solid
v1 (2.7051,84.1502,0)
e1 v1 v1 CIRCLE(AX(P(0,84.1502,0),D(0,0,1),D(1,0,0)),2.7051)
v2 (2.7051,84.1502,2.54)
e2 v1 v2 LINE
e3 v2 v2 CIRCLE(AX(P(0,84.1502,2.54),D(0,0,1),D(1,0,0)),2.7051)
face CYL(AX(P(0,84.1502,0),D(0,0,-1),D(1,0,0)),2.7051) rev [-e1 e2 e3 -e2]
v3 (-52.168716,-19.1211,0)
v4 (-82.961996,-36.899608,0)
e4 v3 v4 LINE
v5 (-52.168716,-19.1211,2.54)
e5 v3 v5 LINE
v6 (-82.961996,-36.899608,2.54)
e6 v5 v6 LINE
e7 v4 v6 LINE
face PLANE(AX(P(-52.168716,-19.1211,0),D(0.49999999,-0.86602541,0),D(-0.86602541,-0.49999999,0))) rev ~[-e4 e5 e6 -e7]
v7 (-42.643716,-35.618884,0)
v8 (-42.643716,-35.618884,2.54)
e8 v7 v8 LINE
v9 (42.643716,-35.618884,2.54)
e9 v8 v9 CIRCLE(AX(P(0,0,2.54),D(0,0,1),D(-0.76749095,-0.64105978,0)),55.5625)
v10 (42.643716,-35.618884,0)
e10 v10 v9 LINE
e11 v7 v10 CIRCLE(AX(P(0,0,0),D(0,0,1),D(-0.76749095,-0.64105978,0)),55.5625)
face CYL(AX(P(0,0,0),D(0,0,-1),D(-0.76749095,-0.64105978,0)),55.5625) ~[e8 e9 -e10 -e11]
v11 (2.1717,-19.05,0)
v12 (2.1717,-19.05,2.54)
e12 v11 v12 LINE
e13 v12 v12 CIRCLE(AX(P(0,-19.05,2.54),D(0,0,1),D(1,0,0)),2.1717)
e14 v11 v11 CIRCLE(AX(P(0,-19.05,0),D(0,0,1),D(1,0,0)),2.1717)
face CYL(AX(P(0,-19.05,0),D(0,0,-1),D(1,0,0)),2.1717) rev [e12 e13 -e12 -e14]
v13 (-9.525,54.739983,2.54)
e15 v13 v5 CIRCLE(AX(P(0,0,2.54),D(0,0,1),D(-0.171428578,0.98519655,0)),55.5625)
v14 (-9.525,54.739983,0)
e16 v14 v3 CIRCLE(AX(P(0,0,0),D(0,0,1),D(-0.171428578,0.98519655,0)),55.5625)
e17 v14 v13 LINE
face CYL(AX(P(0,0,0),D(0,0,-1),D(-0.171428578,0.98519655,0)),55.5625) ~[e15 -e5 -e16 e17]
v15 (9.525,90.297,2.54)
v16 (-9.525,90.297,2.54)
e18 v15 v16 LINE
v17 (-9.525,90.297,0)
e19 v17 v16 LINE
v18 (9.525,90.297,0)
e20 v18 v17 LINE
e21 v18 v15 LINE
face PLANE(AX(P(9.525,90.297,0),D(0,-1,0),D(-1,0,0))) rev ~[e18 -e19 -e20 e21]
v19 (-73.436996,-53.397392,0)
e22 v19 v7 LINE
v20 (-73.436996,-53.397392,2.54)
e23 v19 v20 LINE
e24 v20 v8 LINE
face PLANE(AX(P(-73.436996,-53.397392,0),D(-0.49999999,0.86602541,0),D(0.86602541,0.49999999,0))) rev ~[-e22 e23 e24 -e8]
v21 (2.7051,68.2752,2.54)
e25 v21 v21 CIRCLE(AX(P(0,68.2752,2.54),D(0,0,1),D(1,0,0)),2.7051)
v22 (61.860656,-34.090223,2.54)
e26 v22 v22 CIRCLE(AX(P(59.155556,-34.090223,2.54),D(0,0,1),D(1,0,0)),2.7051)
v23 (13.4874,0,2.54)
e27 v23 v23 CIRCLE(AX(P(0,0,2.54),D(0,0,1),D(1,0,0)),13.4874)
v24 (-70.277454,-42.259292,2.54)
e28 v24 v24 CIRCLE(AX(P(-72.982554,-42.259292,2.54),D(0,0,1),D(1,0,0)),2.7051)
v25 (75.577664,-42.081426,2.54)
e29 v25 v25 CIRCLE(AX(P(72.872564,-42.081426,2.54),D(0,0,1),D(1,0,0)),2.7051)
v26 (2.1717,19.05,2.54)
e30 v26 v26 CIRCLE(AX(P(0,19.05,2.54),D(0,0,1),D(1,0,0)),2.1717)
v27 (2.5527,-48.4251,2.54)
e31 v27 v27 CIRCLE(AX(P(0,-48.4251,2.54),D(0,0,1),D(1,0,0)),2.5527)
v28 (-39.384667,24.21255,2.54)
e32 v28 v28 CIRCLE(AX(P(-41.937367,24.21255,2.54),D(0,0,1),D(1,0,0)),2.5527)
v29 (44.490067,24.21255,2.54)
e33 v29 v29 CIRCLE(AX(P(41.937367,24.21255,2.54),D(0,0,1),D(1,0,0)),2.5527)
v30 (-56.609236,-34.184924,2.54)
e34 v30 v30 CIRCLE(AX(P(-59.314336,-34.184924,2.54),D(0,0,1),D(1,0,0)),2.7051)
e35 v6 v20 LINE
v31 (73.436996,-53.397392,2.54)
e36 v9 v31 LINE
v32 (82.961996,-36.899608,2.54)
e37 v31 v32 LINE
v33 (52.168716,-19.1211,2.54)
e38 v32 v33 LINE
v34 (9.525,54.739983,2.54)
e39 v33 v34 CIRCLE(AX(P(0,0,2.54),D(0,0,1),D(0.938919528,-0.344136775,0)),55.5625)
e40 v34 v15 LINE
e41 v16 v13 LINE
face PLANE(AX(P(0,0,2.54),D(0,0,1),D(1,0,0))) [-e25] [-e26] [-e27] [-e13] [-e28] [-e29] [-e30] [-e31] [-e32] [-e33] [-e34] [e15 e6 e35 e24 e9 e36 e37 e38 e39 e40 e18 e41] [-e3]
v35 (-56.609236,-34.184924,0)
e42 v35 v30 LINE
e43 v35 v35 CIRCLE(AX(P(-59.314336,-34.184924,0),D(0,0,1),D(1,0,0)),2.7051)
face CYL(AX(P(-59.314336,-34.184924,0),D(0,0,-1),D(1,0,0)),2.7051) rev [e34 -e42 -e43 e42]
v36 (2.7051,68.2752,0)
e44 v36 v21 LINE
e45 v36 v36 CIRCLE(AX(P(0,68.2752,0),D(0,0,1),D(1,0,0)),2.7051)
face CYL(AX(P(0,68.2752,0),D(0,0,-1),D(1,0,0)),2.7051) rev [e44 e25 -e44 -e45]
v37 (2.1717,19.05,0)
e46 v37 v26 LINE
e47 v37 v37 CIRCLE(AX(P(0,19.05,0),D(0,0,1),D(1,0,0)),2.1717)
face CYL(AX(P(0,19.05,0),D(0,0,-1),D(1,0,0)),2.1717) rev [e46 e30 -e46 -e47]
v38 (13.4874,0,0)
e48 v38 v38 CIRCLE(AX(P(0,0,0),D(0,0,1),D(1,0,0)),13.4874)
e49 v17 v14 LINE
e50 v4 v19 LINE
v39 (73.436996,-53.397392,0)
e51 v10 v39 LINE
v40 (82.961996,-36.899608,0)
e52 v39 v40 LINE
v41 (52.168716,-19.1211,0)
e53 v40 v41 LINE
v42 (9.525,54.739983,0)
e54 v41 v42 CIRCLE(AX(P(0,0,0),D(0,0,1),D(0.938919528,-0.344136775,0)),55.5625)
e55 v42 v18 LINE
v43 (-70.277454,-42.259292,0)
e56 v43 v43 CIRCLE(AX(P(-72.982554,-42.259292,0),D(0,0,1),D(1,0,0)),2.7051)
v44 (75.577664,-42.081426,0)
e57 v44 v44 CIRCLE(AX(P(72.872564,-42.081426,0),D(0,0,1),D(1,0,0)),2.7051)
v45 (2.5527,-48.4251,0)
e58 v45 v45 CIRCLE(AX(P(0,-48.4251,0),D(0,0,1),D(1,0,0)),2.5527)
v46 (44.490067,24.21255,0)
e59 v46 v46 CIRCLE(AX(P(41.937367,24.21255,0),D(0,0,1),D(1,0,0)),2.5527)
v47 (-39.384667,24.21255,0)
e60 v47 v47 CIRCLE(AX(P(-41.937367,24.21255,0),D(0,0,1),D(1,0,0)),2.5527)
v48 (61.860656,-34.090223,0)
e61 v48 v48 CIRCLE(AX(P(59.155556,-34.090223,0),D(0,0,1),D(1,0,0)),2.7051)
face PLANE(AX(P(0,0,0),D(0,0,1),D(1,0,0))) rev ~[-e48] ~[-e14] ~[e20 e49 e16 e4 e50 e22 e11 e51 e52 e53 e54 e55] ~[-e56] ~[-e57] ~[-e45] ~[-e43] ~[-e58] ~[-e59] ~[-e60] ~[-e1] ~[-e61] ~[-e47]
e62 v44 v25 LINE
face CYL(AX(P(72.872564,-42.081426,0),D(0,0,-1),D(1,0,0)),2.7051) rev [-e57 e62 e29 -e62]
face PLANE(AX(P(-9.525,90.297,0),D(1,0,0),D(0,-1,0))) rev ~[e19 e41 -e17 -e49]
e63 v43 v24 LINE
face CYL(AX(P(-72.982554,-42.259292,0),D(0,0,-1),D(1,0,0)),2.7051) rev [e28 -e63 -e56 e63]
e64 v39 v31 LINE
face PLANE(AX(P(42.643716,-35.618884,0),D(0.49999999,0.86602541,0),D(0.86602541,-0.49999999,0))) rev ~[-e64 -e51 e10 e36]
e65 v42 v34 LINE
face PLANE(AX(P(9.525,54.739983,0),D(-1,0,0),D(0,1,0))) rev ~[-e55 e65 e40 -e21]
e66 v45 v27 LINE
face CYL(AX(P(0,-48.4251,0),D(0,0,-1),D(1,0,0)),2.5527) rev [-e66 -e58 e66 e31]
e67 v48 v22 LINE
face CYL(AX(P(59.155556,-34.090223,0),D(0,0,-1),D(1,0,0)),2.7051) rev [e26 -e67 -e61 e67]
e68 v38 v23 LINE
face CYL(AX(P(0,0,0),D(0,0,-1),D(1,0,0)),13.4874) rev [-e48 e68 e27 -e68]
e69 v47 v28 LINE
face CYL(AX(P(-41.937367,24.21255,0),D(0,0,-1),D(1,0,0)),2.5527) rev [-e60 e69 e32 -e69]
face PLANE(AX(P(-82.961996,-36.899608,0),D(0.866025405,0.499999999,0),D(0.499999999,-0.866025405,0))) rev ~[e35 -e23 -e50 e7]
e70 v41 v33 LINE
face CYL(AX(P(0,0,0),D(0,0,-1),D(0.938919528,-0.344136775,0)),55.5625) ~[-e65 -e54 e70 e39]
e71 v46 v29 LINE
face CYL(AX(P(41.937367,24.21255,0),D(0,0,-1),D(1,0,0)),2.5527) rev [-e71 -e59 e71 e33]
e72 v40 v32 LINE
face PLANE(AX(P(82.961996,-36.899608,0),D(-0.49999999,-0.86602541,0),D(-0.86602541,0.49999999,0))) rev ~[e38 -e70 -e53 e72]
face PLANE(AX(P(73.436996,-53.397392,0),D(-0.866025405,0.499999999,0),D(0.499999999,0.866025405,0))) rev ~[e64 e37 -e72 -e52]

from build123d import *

# Parameters (mm, degrees)
F0_R     = 13.4874
F1_DEPTH = 2.54
F2_R     = 2.7051
F3_R     = 2.5527
F3_R_2   = 2.1717
F4_DEPTH = 2.54


with BuildPart() as f1:
    # F0 (on Top) → F1 (new body)
    with BuildSketch(Plane.XY):
        with BuildLine():
            Line((-9.525, 90.297), (-9.525, 54.739983))
            ThreePointArc((-9.525, 54.739983), (-48.118536, 27.78125), (-52.168716, -19.1211))
            Line((-52.168716, -19.1211), (-82.961996, -36.899608))
            Line((-82.961996, -36.899608), (-73.436996, -53.397392))
            Line((-73.436996, -53.397392), (-42.643716, -35.618884))
            ThreePointArc((-42.643716, -35.618884), (0, -55.5625), (42.643716, -35.618884))
            Line((42.643716, -35.618884), (73.436996, -53.397392))
            Line((73.436996, -53.397392), (82.961996, -36.899608))
            Line((82.961996, -36.899608), (52.168716, -19.1211))
            ThreePointArc((52.168716, -19.1211), (48.118536, 27.78125), (9.525, 54.739983))
            Line((9.525, 54.739983), (9.525, 90.297))
            Line((9.525, 90.297), (-9.525, 90.297))
        make_face()
        Circle(F0_R, mode=Mode.SUBTRACT)
    extrude(amount=F1_DEPTH)

    # F2 (on Top) + F3 (on Top) → F4 (cut)
    with BuildSketch(Plane.XY):
        with Locations((0, 84.1502)):
            Circle(F2_R)
        with Locations((0, 68.2752)):
            Circle(F2_R)
        with Locations((72.872564, -42.081426)):
            Circle(F2_R)
        with Locations((59.155556, -34.090223)):
            Circle(F2_R)
        with Locations((-72.982554, -42.259292)):
            Circle(F2_R)
        with Locations((-59.314336, -34.184924)):
            Circle(F2_R)
    with BuildSketch(Plane.XY):
        with Locations((-41.937367, 24.21255)):
            Circle(F3_R)
        with Locations((41.937367, 24.21255)):
            Circle(F3_R)
        with Locations((0, -48.4251)):
            Circle(F3_R)
        with Locations((0, 19.05)):
            Circle(F3_R_2)
        with Locations((0, -19.05)):
            Circle(F3_R_2)
    extrude(amount=F4_DEPTH, mode=Mode.SUBTRACT)


solid = f1.part
